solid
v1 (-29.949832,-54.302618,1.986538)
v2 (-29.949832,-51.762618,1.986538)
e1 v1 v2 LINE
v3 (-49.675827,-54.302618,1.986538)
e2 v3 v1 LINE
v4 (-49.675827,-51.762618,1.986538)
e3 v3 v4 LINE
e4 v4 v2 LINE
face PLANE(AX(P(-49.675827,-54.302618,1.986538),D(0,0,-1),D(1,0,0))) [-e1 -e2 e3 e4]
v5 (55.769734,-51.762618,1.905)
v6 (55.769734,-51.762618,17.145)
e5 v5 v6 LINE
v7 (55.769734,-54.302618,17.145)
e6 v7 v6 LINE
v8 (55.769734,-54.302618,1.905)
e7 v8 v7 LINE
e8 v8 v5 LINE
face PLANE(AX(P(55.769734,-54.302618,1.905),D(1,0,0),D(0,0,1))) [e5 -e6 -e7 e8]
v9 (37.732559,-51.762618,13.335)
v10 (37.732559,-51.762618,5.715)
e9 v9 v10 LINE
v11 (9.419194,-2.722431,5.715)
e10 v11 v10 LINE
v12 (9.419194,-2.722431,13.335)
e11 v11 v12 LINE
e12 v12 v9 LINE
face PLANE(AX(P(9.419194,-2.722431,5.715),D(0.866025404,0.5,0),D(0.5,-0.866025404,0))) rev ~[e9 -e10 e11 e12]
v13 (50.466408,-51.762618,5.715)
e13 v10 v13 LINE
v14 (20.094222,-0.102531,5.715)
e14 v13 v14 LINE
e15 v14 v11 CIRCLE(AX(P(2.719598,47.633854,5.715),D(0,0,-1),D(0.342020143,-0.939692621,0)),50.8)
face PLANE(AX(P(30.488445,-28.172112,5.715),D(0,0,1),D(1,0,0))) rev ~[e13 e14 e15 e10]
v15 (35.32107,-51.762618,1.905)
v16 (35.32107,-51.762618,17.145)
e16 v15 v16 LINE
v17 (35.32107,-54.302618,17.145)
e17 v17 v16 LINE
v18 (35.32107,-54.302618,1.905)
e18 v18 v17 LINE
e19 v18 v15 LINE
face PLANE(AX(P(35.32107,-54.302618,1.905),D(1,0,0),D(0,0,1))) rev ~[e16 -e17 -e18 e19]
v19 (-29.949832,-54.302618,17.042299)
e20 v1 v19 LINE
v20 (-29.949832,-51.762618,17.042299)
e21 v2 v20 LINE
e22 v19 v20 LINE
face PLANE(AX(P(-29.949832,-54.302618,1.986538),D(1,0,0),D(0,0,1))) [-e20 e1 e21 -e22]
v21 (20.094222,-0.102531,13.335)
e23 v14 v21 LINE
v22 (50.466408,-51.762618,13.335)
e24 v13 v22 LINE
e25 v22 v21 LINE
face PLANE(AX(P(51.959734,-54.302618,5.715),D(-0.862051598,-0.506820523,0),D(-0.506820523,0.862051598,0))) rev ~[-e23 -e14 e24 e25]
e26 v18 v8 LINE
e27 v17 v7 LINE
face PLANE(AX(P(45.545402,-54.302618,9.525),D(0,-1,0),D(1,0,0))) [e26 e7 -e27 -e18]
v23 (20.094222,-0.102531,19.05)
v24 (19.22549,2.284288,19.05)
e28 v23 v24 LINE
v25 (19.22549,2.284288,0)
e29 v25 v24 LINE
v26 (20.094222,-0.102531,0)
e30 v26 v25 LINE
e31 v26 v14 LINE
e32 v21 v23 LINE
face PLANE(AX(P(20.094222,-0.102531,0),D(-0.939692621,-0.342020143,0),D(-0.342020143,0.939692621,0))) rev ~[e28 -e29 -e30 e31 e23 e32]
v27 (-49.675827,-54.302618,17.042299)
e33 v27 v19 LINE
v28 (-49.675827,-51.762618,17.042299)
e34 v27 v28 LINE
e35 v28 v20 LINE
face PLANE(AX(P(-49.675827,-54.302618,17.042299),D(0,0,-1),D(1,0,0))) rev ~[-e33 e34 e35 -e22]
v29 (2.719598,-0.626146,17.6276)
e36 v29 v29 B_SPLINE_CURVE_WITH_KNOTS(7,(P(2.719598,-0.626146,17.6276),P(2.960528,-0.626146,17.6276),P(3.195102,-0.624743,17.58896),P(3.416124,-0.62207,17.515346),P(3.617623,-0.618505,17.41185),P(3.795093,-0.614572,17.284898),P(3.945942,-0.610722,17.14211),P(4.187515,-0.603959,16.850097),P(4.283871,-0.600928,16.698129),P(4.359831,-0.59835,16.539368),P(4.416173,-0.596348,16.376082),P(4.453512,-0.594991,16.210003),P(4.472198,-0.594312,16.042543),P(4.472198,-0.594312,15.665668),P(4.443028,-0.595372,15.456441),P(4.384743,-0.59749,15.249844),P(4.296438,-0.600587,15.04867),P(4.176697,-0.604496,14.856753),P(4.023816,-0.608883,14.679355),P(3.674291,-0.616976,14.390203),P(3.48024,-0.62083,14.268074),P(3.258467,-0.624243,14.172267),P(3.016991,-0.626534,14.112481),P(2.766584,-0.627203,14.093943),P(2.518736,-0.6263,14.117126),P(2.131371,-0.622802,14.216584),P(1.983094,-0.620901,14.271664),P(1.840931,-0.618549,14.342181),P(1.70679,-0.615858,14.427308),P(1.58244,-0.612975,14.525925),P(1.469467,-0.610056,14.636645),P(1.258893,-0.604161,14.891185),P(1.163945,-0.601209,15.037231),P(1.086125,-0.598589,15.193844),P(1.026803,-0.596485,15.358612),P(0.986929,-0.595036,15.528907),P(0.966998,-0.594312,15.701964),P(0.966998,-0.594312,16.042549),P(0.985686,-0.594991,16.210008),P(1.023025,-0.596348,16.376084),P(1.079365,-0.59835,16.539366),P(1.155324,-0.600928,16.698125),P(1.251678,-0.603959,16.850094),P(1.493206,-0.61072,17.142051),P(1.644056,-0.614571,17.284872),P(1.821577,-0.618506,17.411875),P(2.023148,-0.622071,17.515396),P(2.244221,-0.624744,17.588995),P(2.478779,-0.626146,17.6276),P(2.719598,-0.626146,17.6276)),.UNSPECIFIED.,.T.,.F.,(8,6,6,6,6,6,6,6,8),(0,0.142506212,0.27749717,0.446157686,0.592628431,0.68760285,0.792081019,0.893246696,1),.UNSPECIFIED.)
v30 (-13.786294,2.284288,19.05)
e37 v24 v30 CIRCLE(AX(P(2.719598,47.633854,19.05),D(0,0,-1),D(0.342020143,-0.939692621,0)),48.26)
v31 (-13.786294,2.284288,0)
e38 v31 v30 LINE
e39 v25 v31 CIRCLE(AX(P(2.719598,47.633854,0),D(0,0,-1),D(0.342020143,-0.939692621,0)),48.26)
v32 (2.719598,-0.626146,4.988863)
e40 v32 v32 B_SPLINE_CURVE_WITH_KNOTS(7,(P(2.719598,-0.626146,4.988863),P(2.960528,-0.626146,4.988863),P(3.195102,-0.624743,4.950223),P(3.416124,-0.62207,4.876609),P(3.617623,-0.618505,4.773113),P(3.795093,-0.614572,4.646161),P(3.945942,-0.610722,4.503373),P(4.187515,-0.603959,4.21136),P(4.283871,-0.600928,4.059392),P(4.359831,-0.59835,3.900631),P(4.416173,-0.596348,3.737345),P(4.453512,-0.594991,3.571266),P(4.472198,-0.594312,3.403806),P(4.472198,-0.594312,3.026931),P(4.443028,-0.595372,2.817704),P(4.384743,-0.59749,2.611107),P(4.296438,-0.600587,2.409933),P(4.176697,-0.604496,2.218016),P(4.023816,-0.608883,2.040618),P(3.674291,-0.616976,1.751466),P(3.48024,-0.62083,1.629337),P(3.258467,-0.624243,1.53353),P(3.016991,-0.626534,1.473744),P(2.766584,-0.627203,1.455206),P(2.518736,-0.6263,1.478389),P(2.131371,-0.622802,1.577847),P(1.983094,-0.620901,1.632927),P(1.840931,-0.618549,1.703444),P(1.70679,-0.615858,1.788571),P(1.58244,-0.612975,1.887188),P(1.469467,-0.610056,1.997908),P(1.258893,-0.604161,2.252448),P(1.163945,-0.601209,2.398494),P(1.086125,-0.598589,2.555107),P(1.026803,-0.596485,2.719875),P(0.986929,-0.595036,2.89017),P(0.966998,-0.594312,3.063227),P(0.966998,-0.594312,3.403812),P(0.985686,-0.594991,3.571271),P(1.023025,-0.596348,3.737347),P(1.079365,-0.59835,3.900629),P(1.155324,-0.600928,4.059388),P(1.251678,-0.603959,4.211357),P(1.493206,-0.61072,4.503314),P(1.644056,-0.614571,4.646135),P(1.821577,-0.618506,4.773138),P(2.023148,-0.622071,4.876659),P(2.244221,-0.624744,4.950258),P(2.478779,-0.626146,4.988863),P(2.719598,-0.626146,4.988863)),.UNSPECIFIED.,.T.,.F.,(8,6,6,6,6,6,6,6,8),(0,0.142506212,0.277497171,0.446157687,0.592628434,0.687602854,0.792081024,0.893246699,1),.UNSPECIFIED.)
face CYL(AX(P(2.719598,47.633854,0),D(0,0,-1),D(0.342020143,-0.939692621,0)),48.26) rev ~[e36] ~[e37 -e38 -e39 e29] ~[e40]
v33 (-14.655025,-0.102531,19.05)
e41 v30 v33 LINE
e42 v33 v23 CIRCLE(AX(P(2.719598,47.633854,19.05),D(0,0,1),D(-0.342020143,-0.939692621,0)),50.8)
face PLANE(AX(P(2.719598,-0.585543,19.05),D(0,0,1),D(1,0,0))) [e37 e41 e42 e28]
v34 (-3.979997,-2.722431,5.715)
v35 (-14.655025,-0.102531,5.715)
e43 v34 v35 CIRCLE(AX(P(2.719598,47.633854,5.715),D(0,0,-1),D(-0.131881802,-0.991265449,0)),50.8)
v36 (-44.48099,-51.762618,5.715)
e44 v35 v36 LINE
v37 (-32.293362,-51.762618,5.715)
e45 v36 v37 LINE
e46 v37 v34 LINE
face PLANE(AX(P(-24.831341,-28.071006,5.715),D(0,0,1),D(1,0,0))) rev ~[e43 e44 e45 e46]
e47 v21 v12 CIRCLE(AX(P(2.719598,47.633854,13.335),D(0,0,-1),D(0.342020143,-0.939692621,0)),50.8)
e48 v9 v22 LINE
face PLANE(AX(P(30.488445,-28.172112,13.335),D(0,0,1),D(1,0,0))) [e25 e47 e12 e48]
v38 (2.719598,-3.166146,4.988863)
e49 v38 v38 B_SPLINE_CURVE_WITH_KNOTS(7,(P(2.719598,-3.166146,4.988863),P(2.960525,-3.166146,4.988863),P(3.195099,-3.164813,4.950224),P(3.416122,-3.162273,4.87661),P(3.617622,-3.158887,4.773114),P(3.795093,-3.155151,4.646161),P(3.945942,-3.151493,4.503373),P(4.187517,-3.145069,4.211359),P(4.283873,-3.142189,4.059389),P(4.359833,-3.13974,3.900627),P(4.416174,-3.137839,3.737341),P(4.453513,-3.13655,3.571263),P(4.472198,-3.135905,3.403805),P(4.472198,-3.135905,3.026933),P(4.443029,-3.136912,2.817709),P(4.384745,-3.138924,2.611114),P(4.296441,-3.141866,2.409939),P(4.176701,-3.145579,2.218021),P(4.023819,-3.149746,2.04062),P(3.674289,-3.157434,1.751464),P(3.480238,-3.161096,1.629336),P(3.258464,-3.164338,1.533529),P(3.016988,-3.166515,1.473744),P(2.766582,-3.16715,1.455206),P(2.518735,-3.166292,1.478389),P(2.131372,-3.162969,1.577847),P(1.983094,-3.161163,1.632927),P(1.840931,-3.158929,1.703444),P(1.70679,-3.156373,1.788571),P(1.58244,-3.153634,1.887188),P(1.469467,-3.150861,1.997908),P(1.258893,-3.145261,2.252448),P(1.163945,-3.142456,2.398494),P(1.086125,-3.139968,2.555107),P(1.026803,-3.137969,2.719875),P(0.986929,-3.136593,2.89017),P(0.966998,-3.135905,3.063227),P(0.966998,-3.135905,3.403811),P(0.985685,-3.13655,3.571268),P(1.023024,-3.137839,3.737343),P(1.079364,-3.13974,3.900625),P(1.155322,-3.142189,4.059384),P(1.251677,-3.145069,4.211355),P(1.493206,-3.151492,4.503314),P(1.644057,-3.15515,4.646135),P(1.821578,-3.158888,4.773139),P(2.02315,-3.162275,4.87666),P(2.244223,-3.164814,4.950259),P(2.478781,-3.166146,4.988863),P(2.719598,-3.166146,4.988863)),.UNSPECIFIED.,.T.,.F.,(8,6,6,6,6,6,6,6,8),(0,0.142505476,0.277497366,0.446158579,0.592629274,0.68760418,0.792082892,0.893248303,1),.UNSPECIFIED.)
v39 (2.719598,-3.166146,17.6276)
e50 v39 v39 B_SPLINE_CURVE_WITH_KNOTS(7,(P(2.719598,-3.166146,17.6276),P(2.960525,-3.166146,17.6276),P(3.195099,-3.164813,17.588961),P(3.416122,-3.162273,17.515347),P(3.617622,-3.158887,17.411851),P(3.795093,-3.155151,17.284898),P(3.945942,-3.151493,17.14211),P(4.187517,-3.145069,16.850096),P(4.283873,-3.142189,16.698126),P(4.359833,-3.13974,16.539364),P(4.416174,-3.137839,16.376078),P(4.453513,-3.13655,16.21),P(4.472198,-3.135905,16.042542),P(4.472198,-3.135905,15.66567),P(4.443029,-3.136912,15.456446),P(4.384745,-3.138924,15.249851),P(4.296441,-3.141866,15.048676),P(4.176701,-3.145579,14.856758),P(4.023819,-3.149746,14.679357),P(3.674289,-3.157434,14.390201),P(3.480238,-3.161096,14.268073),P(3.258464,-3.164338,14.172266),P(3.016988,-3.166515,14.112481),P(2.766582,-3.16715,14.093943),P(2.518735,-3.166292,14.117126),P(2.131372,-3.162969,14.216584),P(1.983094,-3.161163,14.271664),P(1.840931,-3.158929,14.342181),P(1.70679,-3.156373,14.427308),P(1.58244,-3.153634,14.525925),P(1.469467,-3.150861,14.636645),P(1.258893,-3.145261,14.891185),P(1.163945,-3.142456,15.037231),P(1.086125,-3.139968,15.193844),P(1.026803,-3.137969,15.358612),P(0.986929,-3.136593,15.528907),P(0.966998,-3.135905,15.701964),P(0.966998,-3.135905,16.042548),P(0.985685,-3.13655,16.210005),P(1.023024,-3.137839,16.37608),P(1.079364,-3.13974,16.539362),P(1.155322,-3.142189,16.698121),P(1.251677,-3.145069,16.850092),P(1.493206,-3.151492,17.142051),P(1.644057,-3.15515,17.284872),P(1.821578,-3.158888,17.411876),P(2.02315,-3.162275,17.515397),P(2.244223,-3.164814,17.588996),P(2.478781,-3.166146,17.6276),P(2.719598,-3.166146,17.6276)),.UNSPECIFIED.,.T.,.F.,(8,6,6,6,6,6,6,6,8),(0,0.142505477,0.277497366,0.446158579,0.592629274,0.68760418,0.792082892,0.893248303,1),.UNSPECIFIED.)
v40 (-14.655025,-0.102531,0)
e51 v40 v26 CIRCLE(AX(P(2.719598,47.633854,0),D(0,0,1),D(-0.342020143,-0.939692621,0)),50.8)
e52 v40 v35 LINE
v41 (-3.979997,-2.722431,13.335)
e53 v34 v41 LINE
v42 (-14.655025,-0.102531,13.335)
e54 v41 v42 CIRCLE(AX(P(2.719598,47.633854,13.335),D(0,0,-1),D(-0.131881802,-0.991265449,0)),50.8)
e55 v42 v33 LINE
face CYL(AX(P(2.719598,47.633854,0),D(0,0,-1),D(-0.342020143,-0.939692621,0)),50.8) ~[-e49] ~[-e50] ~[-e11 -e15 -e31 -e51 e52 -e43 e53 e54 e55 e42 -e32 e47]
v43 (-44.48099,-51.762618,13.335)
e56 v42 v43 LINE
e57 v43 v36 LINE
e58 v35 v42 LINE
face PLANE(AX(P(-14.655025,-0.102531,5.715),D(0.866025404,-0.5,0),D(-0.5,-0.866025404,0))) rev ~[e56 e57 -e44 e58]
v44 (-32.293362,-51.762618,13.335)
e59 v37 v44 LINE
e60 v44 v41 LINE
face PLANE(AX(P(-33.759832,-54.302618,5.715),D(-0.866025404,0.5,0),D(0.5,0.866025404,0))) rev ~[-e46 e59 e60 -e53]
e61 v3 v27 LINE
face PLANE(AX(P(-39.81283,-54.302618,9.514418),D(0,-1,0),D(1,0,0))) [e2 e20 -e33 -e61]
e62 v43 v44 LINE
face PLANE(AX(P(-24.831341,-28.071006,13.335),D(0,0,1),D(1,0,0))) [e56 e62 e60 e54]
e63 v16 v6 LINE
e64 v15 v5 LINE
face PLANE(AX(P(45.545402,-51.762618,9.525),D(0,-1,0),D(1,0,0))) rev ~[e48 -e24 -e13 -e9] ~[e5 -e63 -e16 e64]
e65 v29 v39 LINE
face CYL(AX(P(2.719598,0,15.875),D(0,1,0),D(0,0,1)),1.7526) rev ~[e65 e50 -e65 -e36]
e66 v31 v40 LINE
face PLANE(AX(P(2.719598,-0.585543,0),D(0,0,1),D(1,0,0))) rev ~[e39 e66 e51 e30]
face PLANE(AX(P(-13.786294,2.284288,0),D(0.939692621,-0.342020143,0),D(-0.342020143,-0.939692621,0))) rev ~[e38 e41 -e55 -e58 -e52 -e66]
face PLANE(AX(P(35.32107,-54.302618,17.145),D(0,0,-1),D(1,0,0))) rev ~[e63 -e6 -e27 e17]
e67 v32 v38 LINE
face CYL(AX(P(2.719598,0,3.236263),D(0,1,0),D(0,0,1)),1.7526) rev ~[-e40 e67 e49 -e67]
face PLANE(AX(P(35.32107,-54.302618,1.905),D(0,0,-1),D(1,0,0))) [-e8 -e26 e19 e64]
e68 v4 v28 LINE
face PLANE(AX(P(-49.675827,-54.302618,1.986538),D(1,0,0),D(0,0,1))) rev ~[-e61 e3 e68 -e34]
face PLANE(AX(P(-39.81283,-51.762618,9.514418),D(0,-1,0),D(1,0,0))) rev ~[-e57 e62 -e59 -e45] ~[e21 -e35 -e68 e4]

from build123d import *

# Parameters (mm, degrees)
BOSS_EXTRUDE1_DEPTH      = 19.05
BOSS_EXTRUDE2_DEPTH      = 3.81
BOSS_EXTRUDE2_DEPTH_BACK = 3.81
BOSS_EXTRUDE2_START      = -9.525
SKETCH3_W                = 19.725995145
SKETCH3_H                = 15.0557617
SKETCH3_W_2              = 20.448664957
SKETCH3_H_2              = 15.24
BOSS_EXTRUDE3_DEPTH      = 2.54
SKETCH4_R                = 1.7526
CUT_EXTRUDE1_DEPTH       = 9.398


with BuildPart() as part:
    # Sketch1 → Boss-Extrude1 (new body)
    with BuildSketch(Plane.XY):
        with BuildLine():
            ThreePointArc((19.225490484, 2.284288075), (2.719598367, -0.626146046), (-13.78629375, 2.284288075))
            Line((-13.78629375, 2.284288075), (-14.655024914, -0.102531182))
            ThreePointArc((-14.655024914, -0.102531182), (2.719598367, -3.166146046), (20.094221648, -0.102531182))
            Line((20.094221648, -0.102531182), (19.225490484, 2.284288075))
        make_face()
    extrude(amount=BOSS_EXTRUDE1_DEPTH)

    # Sketch2 → Boss-Extrude2 (add, two sides: drawn at the far end of the back side and taken through both)
    with BuildSketch(Plane.XY.offset(19.05).offset(BOSS_EXTRUDE2_START - BOSS_EXTRUDE2_DEPTH_BACK)):
        with BuildLine():
            Line((51.959734492, -54.302617815), (20.094221648, -0.102531182))
            ThreePointArc((20.094221648, -0.102531182), (14.827776239, -1.702056179), (9.419193894, -2.722430855))
            Line((9.419193894, -2.722430855), (39.19902872, -54.302617815))
            Line((39.19902872, -54.302617815), (51.959734492, -54.302617815))
        make_face()
        with BuildLine():
            ThreePointArc((-3.979997159, -2.722430855), (-9.388579504, -1.702056179), (-14.655024914, -0.102531182))
            Line((-14.655024914, -0.102531182), (-45.947459522, -54.302617815))
            Line((-45.947459522, -54.302617815), (-33.759831986, -54.302617815))
            Line((-33.759831986, -54.302617815), (-3.979997159, -2.722430855))
        make_face()
    extrude(amount=BOSS_EXTRUDE2_DEPTH + BOSS_EXTRUDE2_DEPTH_BACK)

    # Sketch3 → Boss-Extrude3 (add)
    with BuildSketch(Plane.XZ.offset(54.302617815)):
        with Locations((-39.812829559, 9.514418368)):
            Rectangle(SKETCH3_W, SKETCH3_H)
        with Locations((45.545402014, 9.525)):
            Rectangle(SKETCH3_W_2, SKETCH3_H_2)
    extrude(amount=-BOSS_EXTRUDE3_DEPTH)

    # Sketch4 → Cut-Extrude1 (cut)
    with BuildSketch(Plane(origin=(0, 0, 0), x_dir=(1, 0, 0), z_dir=(0, 1, 0))):
        with Locations(Location((2.719598367, -3.236263, 0), (0, 0, 270))):
            Circle(SKETCH4_R)
        with Locations(Location((2.719598367, -15.875, 0), (0, 0, 270))):
            Circle(SKETCH4_R)
    extrude(amount=-CUT_EXTRUDE1_DEPTH, mode=Mode.SUBTRACT)


solid = part.part
